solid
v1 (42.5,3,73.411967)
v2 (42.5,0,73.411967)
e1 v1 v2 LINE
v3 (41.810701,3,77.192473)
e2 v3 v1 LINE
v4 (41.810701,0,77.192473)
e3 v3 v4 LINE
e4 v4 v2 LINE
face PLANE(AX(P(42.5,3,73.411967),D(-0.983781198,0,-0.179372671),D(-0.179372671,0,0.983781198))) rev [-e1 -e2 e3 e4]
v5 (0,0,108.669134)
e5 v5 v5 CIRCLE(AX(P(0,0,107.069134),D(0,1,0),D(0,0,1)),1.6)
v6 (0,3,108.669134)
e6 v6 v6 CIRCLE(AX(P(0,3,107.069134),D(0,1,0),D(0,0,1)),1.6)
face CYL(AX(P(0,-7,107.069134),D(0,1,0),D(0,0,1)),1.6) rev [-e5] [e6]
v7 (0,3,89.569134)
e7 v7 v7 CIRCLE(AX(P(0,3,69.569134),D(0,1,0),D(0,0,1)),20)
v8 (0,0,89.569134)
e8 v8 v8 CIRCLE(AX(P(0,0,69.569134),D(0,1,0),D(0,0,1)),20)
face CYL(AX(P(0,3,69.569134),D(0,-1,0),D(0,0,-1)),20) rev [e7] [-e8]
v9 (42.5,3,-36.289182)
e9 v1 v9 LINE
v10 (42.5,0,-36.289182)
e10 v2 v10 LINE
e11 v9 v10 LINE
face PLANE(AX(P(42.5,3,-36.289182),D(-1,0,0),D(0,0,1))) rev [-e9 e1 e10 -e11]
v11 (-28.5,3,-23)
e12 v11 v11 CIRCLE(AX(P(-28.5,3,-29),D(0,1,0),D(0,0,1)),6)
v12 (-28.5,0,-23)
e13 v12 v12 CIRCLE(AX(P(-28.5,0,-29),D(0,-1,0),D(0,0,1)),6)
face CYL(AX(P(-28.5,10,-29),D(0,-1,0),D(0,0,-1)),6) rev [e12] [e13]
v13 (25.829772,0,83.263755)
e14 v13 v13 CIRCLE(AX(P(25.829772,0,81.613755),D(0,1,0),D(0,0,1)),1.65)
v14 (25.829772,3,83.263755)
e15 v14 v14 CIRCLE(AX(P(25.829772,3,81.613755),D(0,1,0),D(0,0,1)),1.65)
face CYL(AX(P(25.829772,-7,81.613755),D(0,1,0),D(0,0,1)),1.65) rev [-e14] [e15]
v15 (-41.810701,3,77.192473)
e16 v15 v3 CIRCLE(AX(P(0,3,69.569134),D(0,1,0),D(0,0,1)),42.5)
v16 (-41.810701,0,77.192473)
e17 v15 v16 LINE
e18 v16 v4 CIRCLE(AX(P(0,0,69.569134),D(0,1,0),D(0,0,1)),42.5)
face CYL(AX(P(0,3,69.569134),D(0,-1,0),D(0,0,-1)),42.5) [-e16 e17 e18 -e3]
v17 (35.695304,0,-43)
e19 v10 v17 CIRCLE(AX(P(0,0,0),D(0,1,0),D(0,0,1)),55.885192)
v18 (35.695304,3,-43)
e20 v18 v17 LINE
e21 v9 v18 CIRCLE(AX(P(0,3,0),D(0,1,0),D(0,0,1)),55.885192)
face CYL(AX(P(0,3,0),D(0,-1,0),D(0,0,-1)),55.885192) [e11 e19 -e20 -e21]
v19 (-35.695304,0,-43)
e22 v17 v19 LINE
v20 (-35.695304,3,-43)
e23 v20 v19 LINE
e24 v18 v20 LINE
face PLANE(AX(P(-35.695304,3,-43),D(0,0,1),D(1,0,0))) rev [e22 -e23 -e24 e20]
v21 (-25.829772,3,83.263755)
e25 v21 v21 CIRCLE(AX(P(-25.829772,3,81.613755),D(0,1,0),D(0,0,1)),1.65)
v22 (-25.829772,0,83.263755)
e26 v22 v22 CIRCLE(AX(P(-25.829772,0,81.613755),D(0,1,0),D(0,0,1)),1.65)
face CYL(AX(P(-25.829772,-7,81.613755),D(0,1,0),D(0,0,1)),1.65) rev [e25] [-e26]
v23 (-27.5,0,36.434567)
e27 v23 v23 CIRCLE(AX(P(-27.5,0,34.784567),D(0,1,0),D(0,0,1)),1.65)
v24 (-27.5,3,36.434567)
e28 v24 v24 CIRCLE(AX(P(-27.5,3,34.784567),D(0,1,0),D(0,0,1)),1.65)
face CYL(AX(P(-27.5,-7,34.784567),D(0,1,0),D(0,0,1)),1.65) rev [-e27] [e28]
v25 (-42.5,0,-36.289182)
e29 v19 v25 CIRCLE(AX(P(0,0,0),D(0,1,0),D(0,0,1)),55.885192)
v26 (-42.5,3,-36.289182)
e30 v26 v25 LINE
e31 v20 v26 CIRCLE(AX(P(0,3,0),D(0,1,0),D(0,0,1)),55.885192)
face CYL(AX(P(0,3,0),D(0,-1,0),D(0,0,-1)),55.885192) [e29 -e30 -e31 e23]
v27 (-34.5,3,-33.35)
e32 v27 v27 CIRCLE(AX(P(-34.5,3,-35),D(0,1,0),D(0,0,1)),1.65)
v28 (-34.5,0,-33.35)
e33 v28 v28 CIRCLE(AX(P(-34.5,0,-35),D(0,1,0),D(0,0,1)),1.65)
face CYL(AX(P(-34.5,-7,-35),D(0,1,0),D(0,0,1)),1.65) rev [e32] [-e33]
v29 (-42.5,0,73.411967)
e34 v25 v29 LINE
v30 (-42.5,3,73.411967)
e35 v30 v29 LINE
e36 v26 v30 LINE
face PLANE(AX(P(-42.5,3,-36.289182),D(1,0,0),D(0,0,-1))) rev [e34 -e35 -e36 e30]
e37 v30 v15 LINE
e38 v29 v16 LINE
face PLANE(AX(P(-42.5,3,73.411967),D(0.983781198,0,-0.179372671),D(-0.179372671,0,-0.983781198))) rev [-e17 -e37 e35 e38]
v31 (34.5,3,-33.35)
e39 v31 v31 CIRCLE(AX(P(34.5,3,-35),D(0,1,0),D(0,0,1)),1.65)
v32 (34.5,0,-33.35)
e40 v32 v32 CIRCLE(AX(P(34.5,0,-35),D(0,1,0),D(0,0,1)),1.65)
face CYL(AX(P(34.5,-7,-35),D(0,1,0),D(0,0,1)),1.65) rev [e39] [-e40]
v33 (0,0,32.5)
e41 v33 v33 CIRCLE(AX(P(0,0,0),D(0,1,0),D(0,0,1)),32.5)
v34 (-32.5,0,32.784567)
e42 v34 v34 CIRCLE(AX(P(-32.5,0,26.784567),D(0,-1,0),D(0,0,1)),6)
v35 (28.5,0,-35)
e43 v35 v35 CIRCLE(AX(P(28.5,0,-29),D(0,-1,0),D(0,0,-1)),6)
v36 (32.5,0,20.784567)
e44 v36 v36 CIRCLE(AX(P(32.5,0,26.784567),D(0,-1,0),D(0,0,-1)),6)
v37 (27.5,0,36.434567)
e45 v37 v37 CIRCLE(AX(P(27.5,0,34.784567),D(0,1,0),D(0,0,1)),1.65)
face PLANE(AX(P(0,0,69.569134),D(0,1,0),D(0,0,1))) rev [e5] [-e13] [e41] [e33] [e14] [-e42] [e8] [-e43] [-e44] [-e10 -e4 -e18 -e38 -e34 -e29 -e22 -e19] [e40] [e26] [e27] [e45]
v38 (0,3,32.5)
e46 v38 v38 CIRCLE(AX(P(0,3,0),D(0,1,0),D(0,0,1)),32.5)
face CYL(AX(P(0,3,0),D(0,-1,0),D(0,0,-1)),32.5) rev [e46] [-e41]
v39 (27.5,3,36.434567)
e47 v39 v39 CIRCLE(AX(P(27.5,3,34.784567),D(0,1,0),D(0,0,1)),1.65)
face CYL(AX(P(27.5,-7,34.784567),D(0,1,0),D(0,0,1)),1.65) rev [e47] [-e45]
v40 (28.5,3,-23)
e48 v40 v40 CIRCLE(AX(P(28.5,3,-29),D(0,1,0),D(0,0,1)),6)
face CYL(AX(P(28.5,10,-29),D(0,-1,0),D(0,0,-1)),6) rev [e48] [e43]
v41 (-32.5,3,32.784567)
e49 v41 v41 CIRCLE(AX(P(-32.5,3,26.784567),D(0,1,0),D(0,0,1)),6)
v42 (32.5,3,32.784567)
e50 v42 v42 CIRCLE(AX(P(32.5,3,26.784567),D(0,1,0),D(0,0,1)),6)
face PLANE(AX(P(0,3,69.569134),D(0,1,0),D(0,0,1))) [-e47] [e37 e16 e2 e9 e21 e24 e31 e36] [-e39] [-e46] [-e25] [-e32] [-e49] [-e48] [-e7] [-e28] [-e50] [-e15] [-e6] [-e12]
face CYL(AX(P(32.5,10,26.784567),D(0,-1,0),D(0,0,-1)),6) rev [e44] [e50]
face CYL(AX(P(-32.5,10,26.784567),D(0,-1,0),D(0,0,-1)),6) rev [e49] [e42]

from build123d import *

# Parameters (mm, degrees)
SKETCH1_R           = 32.5
SKETCH1_R_2         = 20
BOSS_EXTRUDE1_DEPTH = 3
SKETCH5_R           = 1.6
CUT_EXTRUDE1_DEPTH  = 10
SKETCH6_R           = 1.65
CUT_EXTRUDE2_DEPTH  = 10
SKETCH8_R           = 6
CUT_EXTRUDE3_DEPTH  = 10


with BuildPart() as part:
    # Sketch1 → Boss-Extrude1 (new body)
    with BuildSketch(Plane(origin=(0, 0, 0), x_dir=(1, 0, 0), z_dir=(0, 1, 0))):
        with BuildLine():
            Line((-42.5, -73.411966665), (-41.810700901, -77.192472856))
            ThreePointArc((-41.810700901, -77.192472856), (0, -112.069134335), (41.810700901, -77.192472856))
            Line((41.810700901, -77.192472856), (42.5, -73.411966665))
            Line((42.5, -73.411966665), (42.5, 36.289181897))
            ThreePointArc((42.5, 36.289181897), (39.241370505, 39.790319974), (35.695303931, 43))
            Line((35.695303931, 43), (-35.695303931, 43))
            ThreePointArc((-35.695303931, 43), (-39.241370505, 39.790319974), (-42.5, 36.289181897))
            Line((-42.5, 36.289181897), (-42.5, -73.411966665))
        make_face()
        with Locations(Location((0, 0, 0), (0, 0, 270))):
            Circle(SKETCH1_R, mode=Mode.SUBTRACT)
        with Locations(Location((0, -69.569134335, 0), (0, 0, 270))):
            Circle(SKETCH1_R_2, mode=Mode.SUBTRACT)
    extrude(amount=BOSS_EXTRUDE1_DEPTH)

    # Sketch5 → Cut-Extrude1 (cut)
    with BuildSketch(Plane(origin=(0, 3, 0), x_dir=(1, 0, 0), z_dir=(0, 1, 0))):
        with Locations(Location((0, -107.069134335, 0), (0, 0, 270))):
            Circle(SKETCH5_R)
    extrude(amount=-CUT_EXTRUDE1_DEPTH, mode=Mode.SUBTRACT)

    # Sketch6 → Cut-Extrude2 (cut)
    with BuildSketch(Plane(origin=(0, 3, 0), x_dir=(1, 0, 0), z_dir=(0, 1, 0))):
        with Locations(Location((-34.5, 35, 0), (0, 0, 270))):
            Circle(SKETCH6_R)
        with Locations(Location((34.5, 35, 0), (0, 0, 270))):
            Circle(SKETCH6_R)
        with Locations(Location((27.5, -34.784567168, 0), (0, 0, 270))):
            Circle(SKETCH6_R)
        with Locations(Location((25.829771931, -81.613754795, 0), (0, 0, 270))):
            Circle(SKETCH6_R)
        with Locations(Location((-25.829771931, -81.613754795, 0), (0, 0, 270))):
            Circle(SKETCH6_R)
        with Locations(Location((-27.5, -34.784567168, 0), (0, 0, 270))):
            Circle(SKETCH6_R)
    extrude(amount=-CUT_EXTRUDE2_DEPTH, mode=Mode.SUBTRACT)

    # Sketch8 → Cut-Extrude3 (cut)
    with BuildSketch(Plane.XZ):
        with Locations(Location((28.5, -29, 0), (0, 0, 270))):
            Circle(SKETCH8_R)
        with Locations(Location((32.5, 26.784567168, 0), (0, 0, 270))):
            Circle(SKETCH8_R)
        with Locations(Location((-32.5, 26.784567168, 0), (0, 0, 90))):
            Circle(SKETCH8_R)
        with Locations(Location((-28.5, -29, 0), (0, 0, 90))):
            Circle(SKETCH8_R)
    extrude(amount=-CUT_EXTRUDE3_DEPTH, mode=Mode.SUBTRACT)


solid = part.part
